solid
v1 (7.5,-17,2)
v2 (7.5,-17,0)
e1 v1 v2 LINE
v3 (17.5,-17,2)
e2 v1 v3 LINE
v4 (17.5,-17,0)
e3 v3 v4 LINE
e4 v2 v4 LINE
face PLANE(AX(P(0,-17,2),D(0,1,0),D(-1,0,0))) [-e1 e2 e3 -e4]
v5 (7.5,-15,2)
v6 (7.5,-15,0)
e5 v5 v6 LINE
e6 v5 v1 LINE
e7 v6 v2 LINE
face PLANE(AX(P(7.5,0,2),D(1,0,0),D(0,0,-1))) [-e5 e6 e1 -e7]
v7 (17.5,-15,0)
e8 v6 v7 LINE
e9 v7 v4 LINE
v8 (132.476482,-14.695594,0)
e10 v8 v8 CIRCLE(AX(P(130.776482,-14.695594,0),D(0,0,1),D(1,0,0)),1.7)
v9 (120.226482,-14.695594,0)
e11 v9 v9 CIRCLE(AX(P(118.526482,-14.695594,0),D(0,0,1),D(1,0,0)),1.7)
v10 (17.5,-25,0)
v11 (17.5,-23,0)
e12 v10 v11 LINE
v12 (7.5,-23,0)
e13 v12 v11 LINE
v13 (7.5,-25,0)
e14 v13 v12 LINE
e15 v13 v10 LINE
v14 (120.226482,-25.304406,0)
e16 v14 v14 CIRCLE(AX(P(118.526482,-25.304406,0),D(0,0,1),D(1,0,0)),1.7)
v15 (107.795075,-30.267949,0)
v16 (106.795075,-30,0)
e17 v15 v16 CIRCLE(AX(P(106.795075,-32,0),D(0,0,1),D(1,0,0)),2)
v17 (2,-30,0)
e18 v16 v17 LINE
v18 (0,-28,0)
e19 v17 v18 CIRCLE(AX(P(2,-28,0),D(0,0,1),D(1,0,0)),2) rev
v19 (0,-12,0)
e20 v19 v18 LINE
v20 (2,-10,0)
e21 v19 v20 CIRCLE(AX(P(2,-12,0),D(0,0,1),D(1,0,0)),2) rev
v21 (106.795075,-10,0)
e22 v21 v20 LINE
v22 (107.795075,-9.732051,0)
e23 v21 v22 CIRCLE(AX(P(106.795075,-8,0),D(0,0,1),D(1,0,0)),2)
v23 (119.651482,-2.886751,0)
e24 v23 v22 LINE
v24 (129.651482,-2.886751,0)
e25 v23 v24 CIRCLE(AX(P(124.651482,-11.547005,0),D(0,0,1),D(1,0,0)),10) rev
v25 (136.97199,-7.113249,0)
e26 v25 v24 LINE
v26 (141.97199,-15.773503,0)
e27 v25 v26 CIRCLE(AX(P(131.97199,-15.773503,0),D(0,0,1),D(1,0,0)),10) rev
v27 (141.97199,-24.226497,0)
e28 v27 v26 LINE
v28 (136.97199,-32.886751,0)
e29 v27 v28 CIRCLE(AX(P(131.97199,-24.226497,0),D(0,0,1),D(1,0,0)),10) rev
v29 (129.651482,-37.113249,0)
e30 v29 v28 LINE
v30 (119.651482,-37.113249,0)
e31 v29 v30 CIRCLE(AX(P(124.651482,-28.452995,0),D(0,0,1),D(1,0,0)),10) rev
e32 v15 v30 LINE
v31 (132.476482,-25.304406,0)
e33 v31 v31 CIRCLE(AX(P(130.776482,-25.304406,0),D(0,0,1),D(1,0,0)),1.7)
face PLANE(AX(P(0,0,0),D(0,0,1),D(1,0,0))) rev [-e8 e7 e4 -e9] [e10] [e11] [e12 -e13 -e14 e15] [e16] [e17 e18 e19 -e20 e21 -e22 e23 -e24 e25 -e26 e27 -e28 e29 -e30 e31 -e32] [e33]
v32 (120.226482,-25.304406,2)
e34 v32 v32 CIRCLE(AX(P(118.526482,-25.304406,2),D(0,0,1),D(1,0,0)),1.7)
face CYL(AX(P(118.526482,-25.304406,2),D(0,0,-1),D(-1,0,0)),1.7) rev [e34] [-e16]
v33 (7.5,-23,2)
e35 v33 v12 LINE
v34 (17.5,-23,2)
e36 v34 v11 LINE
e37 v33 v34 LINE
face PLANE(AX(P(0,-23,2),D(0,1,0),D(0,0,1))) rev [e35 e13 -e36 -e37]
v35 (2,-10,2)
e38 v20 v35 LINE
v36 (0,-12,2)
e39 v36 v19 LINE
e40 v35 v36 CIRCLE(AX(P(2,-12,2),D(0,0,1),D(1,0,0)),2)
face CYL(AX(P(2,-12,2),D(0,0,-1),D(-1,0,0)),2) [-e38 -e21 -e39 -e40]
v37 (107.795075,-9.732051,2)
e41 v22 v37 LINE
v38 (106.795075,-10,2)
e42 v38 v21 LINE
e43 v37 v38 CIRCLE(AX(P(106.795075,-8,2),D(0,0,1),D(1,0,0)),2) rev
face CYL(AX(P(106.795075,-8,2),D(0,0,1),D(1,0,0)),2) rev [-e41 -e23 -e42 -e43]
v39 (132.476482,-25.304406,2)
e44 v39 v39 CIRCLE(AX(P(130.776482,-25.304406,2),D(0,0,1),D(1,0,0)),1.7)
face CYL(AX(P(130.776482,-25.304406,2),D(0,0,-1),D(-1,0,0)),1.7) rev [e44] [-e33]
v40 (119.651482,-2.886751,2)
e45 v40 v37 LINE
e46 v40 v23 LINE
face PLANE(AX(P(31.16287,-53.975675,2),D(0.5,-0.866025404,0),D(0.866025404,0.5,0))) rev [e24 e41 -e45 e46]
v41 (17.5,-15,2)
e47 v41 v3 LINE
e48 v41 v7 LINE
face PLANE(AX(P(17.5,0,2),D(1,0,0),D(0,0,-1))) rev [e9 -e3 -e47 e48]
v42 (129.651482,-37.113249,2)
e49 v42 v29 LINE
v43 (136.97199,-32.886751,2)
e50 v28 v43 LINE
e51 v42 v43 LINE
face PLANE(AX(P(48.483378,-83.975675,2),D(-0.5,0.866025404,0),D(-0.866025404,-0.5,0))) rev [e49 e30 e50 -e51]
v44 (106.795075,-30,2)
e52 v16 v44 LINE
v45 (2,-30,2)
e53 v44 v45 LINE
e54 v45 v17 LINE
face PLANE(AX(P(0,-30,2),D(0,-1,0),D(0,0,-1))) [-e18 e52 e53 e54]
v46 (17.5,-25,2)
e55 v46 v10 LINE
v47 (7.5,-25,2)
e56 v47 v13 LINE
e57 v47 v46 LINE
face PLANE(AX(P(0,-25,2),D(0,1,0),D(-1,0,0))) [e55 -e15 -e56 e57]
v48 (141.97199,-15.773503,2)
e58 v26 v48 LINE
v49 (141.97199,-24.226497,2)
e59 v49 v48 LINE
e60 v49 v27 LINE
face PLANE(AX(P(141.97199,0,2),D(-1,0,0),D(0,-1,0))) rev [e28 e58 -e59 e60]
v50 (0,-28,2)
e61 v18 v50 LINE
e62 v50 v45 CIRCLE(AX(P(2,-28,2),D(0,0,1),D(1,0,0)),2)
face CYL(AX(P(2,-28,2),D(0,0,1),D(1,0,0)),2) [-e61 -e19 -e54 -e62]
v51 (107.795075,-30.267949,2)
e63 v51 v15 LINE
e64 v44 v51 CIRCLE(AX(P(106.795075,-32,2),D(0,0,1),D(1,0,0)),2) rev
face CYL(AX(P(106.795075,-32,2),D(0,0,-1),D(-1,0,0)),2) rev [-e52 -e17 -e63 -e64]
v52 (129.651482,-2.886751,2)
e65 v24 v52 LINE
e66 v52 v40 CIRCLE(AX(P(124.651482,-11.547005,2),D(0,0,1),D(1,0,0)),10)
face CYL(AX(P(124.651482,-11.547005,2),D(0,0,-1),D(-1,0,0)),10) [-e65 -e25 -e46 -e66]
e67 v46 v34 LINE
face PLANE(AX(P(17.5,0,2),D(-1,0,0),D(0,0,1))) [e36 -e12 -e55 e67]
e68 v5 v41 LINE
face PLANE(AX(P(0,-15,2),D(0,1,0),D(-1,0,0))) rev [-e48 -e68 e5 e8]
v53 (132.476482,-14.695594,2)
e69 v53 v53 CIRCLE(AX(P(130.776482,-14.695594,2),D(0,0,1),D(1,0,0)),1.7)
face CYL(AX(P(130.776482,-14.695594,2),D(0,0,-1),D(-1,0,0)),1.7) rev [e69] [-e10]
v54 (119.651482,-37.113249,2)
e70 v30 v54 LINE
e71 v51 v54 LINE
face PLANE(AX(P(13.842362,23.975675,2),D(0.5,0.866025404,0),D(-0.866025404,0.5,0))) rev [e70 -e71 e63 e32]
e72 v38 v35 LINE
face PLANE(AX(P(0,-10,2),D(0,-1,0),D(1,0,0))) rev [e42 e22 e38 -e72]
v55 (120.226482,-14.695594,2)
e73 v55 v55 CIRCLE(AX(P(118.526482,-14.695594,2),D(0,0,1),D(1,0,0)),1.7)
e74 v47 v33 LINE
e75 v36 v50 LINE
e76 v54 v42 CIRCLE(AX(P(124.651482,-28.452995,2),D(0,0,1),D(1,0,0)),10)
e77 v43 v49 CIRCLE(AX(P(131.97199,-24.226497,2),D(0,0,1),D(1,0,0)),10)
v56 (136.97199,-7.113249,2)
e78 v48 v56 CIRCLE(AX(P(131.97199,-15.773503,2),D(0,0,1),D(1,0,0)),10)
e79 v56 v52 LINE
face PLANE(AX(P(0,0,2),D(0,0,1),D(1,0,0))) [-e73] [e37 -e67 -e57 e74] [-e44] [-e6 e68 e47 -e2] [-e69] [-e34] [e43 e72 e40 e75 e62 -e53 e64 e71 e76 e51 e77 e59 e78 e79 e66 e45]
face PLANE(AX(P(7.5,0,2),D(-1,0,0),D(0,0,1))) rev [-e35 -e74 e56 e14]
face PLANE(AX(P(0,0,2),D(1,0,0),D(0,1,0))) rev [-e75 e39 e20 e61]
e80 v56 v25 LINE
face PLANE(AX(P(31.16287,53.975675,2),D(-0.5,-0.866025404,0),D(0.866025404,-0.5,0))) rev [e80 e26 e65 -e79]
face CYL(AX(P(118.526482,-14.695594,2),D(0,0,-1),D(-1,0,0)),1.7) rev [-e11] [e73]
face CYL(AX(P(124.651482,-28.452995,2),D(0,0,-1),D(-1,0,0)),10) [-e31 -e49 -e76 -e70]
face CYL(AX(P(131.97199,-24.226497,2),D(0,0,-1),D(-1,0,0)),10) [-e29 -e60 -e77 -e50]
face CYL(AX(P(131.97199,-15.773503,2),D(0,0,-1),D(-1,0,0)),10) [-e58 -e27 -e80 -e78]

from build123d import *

# Parameters (mm, degrees)
SKETCH1_W           = 107.330973451
SKETCH1_H           = 20
SKETCH1_W_2         = 10
SKETCH1_H_2         = 2
SKETCH1_R           = 12.25
SKETCH1_R_2         = 1.7
BOSS_EXTRUDE3_DEPTH = 2
FILLET5_R           = 10
FILLET6_R           = 10
FILLET7_R           = 10
FILLET8_R           = 10
FILLET14_R          = 2
FILLET15_R          = 2
FILLET16_R          = 2


with BuildPart() as part:
    # Sketch1 → Boss-Extrude3 (new body)
    # profile 1 of 4: a face of its own
    with BuildSketch(Plane.XY):
        with Locations((53.665486726, -20)):
            Rectangle(SKETCH1_W, SKETCH1_H)
        with Locations((12.5, -24)):
            Rectangle(SKETCH1_W_2, SKETCH1_H_2, mode=Mode.SUBTRACT)
        with Locations((12.5, -16)):
            Rectangle(SKETCH1_W_2, SKETCH1_H_2, mode=Mode.SUBTRACT)
    # profile 2 of 4: a face of its own
    with BuildSketch(Plane.XY):
        Polygon((140, -8.861471272), (124.651481526, 0), (107.330973451, -10), (107.330973451, -30), (124.651481526, -40), (140, -31.138528728), align=None)
        with Locations((124.651481526, -20)):
            Circle(SKETCH1_R, mode=Mode.SUBTRACT)
    # profile 3 of 4: a face of its own
    with BuildSketch(Plane.XY):
        with Locations((124.651481526, -20)):
            Circle(SKETCH1_R)
        with Locations((118.526481526, -25.304405598)):
            Circle(SKETCH1_R_2, mode=Mode.SUBTRACT)
        with Locations((130.776481526, -25.304405598)):
            Circle(SKETCH1_R_2, mode=Mode.SUBTRACT)
        with Locations((130.776481526, -14.695594402)):
            Circle(SKETCH1_R_2, mode=Mode.SUBTRACT)
        with Locations((118.526481526, -14.695594402)):
            Circle(SKETCH1_R_2, mode=Mode.SUBTRACT)
    # profile 4 of 4: a face of its own
    with BuildSketch(Plane.XY):
        Polygon((141.971989602, -10), (140, -8.861471272), (140, -31.138528728), (141.971989602, -30), align=None)
    extrude(amount=BOSS_EXTRUDE3_DEPTH)

    # Fillet5
    fillet5_edges = [part.edges().sort_by_distance(p)[0] for p in [
        (124.651481526, 0, 1),
    ]]
    fillet(fillet5_edges, radius=FILLET5_R)

    # Fillet6
    fillet6_edges = [part.edges().sort_by_distance(p)[0] for p in [
        (141.971989602, -10, 1),
    ]]
    fillet(fillet6_edges, radius=FILLET6_R)

    # Fillet7
    fillet7_edges = [part.edges().sort_by_distance(p)[0] for p in [
        (141.971989602, -30, 1),
    ]]
    fillet(fillet7_edges, radius=FILLET7_R)

    # Fillet8
    fillet8_edges = [part.edges().sort_by_distance(p)[0] for p in [
        (124.651481526, -40, 1),
    ]]
    fillet(fillet8_edges, radius=FILLET8_R)

    # Fillet14
    fillet14_edges = [part.edges().sort_by_distance(p)[0] for p in [
        (0, -30, 1),
        (0, -10, 1),
    ]]
    fillet(fillet14_edges, radius=FILLET14_R)

    # Fillet15
    fillet15_edges = [part.edges().sort_by_distance(p)[0] for p in [
        (107.330973451, -10, 1),
    ]]
    fillet(fillet15_edges, radius=FILLET15_R)

    # Fillet16
    fillet16_edges = [part.edges().sort_by_distance(p)[0] for p in [
        (107.330973451, -30, 1),
    ]]
    fillet(fillet16_edges, radius=FILLET16_R)


solid = part.part
